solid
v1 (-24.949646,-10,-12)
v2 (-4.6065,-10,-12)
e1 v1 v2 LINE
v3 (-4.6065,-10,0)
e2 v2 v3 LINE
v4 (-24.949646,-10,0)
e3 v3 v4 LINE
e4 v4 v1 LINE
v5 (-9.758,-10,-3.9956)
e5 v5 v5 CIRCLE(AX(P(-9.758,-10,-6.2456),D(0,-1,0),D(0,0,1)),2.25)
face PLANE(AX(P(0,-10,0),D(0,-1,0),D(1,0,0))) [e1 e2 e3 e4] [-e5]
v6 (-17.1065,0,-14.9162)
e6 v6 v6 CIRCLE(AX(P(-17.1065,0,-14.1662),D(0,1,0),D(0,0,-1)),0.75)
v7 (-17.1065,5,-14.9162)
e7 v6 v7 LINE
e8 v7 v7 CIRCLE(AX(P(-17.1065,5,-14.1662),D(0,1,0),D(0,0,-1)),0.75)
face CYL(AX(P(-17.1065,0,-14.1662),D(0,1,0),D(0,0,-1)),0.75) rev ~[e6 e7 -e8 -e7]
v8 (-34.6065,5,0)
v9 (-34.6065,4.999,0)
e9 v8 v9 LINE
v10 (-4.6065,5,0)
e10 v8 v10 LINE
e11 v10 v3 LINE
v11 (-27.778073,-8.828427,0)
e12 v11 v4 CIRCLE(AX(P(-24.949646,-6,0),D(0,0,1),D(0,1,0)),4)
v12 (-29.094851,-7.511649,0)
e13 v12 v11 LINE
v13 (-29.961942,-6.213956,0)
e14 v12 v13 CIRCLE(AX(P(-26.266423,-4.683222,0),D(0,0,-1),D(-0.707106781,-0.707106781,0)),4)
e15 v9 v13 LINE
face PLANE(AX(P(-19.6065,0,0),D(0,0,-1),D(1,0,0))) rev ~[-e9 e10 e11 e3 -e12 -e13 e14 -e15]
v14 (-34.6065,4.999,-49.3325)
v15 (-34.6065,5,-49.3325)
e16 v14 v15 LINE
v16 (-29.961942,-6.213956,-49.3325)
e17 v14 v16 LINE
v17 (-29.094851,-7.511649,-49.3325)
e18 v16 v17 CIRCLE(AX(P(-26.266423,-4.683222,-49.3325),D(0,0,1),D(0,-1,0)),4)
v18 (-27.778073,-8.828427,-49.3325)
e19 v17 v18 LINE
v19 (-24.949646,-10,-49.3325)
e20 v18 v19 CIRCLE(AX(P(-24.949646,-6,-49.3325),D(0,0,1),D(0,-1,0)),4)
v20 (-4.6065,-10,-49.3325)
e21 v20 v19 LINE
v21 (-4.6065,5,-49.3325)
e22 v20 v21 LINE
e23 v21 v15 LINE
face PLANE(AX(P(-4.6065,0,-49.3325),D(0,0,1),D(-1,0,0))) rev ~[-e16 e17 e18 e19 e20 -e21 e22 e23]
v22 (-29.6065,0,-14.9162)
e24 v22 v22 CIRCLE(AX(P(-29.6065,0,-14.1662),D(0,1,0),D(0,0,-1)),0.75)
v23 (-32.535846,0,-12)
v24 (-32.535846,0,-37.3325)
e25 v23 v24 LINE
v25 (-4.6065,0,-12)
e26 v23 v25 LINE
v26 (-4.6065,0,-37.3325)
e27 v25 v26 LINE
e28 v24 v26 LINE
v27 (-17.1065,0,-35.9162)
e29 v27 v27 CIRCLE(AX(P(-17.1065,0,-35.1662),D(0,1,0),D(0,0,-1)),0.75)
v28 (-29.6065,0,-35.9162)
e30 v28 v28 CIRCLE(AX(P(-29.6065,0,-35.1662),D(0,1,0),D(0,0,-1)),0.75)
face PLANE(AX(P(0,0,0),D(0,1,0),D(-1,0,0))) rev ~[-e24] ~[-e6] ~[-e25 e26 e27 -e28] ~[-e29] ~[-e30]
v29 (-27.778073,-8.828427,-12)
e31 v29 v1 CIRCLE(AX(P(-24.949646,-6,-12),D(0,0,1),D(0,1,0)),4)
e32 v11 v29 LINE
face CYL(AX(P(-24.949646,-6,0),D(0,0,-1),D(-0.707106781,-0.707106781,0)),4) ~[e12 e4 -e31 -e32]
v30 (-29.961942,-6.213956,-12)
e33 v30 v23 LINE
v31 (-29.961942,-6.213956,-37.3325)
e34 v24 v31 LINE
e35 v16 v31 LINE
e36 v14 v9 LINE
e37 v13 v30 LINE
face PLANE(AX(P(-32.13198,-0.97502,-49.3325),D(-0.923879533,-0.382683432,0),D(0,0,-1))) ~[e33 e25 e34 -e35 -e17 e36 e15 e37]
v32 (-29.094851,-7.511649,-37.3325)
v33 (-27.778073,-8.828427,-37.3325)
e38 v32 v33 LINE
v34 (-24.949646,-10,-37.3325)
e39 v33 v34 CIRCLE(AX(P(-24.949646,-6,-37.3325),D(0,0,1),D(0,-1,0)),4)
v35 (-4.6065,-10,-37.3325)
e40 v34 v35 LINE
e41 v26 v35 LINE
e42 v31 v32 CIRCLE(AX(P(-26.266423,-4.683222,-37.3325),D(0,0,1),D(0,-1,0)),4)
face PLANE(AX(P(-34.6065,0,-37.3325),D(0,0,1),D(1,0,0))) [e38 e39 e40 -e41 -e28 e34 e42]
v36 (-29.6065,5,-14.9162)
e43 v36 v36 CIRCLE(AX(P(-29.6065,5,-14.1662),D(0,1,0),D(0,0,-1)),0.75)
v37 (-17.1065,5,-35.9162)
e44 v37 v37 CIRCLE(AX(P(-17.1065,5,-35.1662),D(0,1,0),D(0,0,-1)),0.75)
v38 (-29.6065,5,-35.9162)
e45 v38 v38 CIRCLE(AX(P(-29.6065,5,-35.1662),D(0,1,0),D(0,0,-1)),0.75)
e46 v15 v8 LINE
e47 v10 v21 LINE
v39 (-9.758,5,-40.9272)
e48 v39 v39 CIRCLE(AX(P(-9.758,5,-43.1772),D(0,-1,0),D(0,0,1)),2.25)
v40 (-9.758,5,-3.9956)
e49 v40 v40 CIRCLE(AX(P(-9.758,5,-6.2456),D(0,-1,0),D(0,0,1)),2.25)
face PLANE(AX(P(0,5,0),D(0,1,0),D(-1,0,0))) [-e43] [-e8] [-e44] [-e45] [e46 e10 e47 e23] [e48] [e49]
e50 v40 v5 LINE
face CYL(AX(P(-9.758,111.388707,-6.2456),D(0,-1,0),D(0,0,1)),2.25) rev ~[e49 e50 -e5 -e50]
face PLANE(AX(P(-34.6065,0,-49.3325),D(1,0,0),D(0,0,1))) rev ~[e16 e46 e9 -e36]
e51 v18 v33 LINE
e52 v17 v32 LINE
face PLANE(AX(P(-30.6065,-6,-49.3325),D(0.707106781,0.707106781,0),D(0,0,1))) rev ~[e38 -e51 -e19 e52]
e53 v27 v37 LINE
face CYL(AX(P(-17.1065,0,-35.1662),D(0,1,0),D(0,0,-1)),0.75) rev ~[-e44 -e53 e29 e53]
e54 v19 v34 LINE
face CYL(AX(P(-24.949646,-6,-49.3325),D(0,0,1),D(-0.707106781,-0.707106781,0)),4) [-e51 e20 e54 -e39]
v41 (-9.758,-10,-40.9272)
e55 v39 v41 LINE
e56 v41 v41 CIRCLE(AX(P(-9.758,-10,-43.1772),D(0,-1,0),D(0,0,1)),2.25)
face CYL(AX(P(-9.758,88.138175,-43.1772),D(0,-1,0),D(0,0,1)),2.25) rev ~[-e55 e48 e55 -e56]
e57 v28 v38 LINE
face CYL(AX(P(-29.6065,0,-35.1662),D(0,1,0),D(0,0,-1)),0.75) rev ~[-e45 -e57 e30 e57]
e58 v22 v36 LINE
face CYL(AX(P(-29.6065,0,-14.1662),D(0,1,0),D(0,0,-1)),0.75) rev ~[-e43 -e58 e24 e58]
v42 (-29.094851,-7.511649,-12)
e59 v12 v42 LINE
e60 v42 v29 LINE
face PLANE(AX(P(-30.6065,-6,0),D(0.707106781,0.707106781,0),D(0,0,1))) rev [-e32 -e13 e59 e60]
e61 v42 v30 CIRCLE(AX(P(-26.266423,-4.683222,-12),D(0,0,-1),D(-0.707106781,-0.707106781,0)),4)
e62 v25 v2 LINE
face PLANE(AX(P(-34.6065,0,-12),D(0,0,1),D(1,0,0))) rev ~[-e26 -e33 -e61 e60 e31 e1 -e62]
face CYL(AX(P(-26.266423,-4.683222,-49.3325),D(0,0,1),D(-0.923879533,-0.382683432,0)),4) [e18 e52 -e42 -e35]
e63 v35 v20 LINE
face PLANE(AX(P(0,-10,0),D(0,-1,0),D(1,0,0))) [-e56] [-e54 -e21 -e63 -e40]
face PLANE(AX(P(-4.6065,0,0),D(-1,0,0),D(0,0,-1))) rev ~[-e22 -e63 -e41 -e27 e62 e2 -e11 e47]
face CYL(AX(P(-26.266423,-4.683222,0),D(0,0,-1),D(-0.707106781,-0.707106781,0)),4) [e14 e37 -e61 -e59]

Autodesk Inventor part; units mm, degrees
ref_plane "YZ Plane" through (0, 0, 0) normal (1, 0, 0) x (0, 1, 0)
ref_plane "XZ Plane" through (0, 0, 0) normal (0, 1, 0) x (-1, 0, 0)
ref_plane "XY Plane" through (0, 0, 0) normal (0, 0, 1) x (1, 0, 0)
sketch "Sketch1" plane through (0, 0, 0) normal (0, 1, 0) x (-1, 0, 0)
  circle A0 centre (9.758, -6.2456) radius 2.1174
  circle A1 centre (9.758, -6.2456) radius 2.1174
  circle A2 centre (9.758, -43.1772) radius 2.1174
  circle A3 centre (9.758, -43.1772) radius 2.1174
  line L0 (19.6065, 0) -> (19.6065, -49.3325)
  line L1 (19.6065, 0) -> (4.6065, 0)
  line L2 (4.6065, 0) -> (4.6065, -49.3325)
  line L3 (4.6065, -49.3325) -> (19.6065, -49.3325)
  line L4 (19.6065, -49.3325) -> (19.6065, 0)
  line L5 (4.6065, -49.3325) -> (4.6065, -54.3325)
  line L6 (19.6065, -49.3325) -> (34.6065, -49.3325)
  line L7 (34.6065, -49.3325) -> (34.6065, 0)
  line L8 (34.6065, 0) -> (19.6065, 0)
  line L9 (19.6065, 0) -> (19.6065, -49.3325)
  line L10 (34.6065, 0) -> (4.6065, -49.3325)
  line L11 (34.6065, -49.3325) -> (4.6065, 0)
  line L12 (7.6065, -37.1662) -> (31.6065, -37.1662)
  line L13 (31.6065, -37.1662) -> (31.6065, -12.1662)
  line L14 (31.6065, -12.1662) -> (7.6065, -12.1662)
  line L15 (7.6065, -12.1662) -> (7.6065, -37.1662)
  line L16 (7.6065, -37.1662) -> (31.6065, -12.1662) construction
  line L17 (31.6065, -37.1662) -> (7.6065, -12.1662) construction
  line L18 (17.1065, -14.1662) -> (29.6065, -14.1662)
  line L19 (29.6065, -14.1662) -> (29.6065, -35.1662)
  line L20 (29.6065, -35.1662) -> (17.1065, -35.1662)
  line L21 (17.1065, -35.1662) -> (17.1065, -14.1662)
  point P0 (0, 0)
  point P1 (19.6065, -49.3325)
  point P2 (-0.0904, -49.3325)
  point P3 (19.6065, -24.6662)
  dimension "d0" = 15
  dimension "d5" = 15
  dimension "d8" = 24
  dimension "d9" = 25
  dimension "d14" = 12.5
  dimension "d15" = 21
  dimension "d16" = 2
  dimension "d17" = 2
extrude "Extrusion1" add sketch "Sketch1" along normal blind 5 contours A0 L11 L1 L0 L14 | A0 L11 L14 L15 L12 L10 A2 L2 | L14 L0 L18 L21 L11 | L11 L21 L10 L12 L15 L14 | L8 L10 L14 L0 | L10 A2 L12 L0 L3 | L21 L18 L0 L11 | L11 L10 L21 | L14 L10 L18 L0 | L7 L11 L12 L13 L14 L10 | L0 L12 L11 L6 | L11 L20 L0 | L0 L18 L10 | L0 L20 L21 L10 | L10 L18 L19 L20 L11 | L21 L20 L0 L12 L10 | L14 L13 L12 L11 L20 L19 L18 L10 | L0 L20 L11 L12
hole "Hole1" at (0.0904, 0, -49.3325) at (-29.6065, 0, -35.1662) at (-29.6065, 0, -14.1662) at (-17.1065, 0, -35.1662) at (-17.1065, 0, -14.1662) direction (0, 1, 0) diameter 1.5 end through all
sketch "Sketch2" plane through (0, 0, 0) normal (0, -1, 0) x (1, 0, 0)
  line L0 (-4.6065, 0) -> (-34.6065, 0)
  line L1 (-34.6065, 0) -> (-34.6065, -12)
  line L2 (-34.6065, -12) -> (-4.6065, -12)
  line L3 (-4.6065, -12) -> (-4.6065, 0)
  line L4 (-4.6065, -49.3325) -> (-34.6065, -49.3325)
  line L5 (-34.6065, -49.3325) -> (-34.6065, -37.3325)
  line L6 (-34.6065, -37.3325) -> (-4.6065, -37.3325)
  line L7 (-4.6065, -37.3325) -> (-4.6065, -49.3325)
  point P0 (0, 0)
  dimension "d27" = 30
  dimension "d28" = 12
  dimension "d29" = 30
  dimension "d30" = 12
extrude "Extrusion2" add sketch "Sketch2" along normal blind 10
hole "Hole2" at (-9.758, 0, -6.2456) at (-9.758, 0, -43.1772) direction (0, -1, 0) diameter 4.5 end through all both
chamfer "Chamfer1" distance 8 angle 45 2 edges at (-34.6065, -10, -43.3325) (-34.6065, -10, -6)
chamfer "Chamfer2" distance 7 angle 45 2 edges at (-34.6065, -2, -43.3325) (-34.6065, -2, -6)
fillet "Fillet1" radius 4 4 edges at (-29.6574, -6.949, -6) (-26.6065, -10, -6) (-26.6065, -10, -43.3325) (-29.6574, -6.949, -43.3325)
properties part number "camera_holder"
